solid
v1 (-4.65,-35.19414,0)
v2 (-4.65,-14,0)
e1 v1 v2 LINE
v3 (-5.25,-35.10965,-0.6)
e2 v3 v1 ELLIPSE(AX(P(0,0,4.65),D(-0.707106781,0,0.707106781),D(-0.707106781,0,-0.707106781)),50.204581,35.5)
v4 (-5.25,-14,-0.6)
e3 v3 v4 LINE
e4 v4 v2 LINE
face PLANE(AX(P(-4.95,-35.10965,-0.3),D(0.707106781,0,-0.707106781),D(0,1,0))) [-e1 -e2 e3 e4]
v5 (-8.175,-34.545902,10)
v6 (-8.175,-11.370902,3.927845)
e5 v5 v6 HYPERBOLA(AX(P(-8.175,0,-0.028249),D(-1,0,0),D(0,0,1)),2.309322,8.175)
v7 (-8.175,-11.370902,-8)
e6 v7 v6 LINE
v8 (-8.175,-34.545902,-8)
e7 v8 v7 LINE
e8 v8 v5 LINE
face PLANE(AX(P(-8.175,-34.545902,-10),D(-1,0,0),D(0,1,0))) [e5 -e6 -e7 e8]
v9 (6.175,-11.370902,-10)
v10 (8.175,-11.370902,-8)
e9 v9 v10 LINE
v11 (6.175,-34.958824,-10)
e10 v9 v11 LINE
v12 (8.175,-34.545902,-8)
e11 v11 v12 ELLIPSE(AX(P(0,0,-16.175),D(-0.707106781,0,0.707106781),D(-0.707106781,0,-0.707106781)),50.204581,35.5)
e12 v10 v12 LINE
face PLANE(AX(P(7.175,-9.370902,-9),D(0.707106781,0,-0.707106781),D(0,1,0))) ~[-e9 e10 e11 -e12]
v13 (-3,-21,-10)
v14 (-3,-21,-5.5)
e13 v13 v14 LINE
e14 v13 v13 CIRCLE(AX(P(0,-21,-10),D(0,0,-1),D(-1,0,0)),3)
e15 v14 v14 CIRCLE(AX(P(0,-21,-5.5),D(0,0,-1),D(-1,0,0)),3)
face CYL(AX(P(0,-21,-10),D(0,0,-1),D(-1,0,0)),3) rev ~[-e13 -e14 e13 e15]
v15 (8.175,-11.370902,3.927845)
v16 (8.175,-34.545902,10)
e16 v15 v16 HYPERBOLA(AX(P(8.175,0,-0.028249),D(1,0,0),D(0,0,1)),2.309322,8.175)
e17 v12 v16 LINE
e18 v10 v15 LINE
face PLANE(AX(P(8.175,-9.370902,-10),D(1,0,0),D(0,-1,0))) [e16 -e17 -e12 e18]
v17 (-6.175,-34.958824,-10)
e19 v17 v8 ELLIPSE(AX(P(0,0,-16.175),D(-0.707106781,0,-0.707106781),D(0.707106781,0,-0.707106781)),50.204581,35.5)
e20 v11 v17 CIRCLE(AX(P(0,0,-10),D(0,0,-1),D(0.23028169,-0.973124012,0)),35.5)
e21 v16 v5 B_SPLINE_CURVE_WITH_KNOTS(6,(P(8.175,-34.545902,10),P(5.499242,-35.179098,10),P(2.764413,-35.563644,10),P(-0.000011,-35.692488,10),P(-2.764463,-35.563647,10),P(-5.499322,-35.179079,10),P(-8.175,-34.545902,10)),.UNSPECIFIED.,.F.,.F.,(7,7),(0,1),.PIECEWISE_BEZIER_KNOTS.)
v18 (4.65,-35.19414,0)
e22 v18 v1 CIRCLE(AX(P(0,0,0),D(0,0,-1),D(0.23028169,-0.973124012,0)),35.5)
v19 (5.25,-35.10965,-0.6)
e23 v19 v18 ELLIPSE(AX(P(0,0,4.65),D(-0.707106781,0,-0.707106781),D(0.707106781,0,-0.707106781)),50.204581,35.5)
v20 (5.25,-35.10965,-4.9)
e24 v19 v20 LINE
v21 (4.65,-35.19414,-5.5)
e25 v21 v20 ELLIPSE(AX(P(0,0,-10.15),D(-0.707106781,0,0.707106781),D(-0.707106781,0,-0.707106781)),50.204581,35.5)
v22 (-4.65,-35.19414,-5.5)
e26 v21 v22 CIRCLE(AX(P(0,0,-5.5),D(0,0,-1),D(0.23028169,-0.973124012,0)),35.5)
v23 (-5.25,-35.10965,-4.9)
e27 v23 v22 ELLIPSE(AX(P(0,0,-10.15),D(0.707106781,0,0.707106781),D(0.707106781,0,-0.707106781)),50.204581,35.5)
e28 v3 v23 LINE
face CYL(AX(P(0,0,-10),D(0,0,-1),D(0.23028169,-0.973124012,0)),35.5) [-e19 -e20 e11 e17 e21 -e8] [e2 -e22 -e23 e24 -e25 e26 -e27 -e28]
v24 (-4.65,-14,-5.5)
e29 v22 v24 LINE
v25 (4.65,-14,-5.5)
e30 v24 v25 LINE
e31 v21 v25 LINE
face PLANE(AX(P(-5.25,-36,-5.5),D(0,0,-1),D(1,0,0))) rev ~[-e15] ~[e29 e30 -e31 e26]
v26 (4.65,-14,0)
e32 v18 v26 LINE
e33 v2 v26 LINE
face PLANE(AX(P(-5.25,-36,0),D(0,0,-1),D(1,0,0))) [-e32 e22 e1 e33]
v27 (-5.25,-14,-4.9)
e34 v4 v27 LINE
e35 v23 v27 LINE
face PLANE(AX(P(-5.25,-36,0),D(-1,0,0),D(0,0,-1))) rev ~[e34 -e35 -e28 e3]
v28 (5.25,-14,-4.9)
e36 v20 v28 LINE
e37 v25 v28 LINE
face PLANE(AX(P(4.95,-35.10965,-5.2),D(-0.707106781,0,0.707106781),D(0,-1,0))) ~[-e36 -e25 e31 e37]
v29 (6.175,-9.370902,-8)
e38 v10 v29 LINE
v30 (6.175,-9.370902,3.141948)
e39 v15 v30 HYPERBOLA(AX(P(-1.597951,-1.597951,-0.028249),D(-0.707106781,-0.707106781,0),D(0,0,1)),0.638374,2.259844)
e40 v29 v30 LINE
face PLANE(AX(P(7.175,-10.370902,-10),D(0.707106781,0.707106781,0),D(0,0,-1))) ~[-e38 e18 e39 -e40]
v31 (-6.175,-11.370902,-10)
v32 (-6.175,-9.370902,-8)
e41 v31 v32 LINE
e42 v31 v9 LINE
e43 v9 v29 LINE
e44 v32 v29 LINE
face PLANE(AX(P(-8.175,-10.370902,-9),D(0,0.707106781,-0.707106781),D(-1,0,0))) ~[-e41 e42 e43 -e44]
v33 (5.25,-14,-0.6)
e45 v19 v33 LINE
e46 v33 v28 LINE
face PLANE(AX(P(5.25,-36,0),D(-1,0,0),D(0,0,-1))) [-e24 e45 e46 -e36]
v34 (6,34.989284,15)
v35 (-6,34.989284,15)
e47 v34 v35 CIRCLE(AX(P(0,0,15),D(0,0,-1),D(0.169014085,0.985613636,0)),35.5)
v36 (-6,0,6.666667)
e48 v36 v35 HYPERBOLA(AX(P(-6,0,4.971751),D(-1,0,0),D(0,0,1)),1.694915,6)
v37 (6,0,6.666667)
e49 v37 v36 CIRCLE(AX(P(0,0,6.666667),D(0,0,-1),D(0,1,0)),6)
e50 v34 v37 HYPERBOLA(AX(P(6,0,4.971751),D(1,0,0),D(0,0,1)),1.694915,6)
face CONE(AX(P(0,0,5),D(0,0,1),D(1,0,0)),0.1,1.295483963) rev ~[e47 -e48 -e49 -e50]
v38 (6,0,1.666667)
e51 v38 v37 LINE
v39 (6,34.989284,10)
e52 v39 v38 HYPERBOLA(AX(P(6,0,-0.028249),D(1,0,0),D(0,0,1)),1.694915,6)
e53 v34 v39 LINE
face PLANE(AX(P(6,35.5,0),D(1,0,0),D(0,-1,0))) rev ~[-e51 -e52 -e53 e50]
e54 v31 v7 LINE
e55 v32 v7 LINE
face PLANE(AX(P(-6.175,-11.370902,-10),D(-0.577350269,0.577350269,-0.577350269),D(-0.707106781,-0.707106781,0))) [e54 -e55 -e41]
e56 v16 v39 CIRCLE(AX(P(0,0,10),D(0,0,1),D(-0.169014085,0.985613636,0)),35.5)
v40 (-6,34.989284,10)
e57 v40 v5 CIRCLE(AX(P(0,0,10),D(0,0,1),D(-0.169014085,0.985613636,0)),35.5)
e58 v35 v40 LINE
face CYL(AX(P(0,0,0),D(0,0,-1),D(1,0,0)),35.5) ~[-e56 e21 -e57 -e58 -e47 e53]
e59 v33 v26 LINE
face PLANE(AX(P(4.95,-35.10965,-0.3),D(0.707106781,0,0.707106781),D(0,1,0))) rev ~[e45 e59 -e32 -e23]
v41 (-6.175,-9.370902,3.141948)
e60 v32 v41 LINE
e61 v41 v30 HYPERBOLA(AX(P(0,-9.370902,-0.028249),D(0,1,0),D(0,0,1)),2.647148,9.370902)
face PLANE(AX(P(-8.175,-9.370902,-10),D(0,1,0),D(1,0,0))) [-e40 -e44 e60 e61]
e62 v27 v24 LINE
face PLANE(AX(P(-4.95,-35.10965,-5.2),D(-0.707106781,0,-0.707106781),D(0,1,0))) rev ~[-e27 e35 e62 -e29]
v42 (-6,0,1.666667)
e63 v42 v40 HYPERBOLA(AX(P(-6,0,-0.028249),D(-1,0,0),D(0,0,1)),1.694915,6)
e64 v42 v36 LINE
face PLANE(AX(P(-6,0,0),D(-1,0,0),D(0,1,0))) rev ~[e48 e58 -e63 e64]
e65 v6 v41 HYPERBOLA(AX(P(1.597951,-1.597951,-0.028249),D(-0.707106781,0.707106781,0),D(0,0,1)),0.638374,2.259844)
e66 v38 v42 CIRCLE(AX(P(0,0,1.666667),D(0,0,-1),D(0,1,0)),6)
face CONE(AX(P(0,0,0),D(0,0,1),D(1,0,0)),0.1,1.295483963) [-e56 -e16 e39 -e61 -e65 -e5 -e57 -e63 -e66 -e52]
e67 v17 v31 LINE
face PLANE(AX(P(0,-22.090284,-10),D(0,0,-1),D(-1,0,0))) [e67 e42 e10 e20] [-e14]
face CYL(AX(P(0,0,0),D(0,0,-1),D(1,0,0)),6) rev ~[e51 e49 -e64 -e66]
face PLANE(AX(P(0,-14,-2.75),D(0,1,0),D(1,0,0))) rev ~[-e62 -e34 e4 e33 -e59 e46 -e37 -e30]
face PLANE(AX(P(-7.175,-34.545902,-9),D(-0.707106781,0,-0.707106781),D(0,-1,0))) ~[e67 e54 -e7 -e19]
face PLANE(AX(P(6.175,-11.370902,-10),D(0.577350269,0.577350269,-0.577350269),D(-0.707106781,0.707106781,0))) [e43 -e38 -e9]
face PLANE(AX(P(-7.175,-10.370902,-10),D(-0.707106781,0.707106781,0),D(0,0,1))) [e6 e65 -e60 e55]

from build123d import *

# Parameters (mm, degrees)
SKETCH1_R           = 35.5
BOSS_EXTRUDE1_DEPTH = 15
CUT_EXTRUDE2_REACH  = 54.398
BOSS_EXTRUDE2_REACH = 64.398
BOSS_EXTRUDE2_START = -10
CUT_EXTRUDE3_START  = -36
SKETCH5_W           = 10.5
SKETCH5_H           = 5.5
CUT_EXTRUDE3_DEPTH  = 22
CHAMFER1_SIZE       = 0.6
CHAMFER2_SIZE       = 2
CUT_EXTRUDE4_REACH  = 58.085
SKETCH6_R           = 3


with BuildPart() as part:
    # Sketch1 → Boss-Extrude1 (new body)
    with BuildSketch(Plane.XY):
        Circle(SKETCH1_R)
    extrude(amount=BOSS_EXTRUDE1_DEPTH)

    # Sketch2 → Cut-Revolve3 (revolve, cut)
    with BuildSketch(Plane(origin=(0, 0, 0), x_dir=(1, 0, 0), z_dir=(0, 1, 0)), mode=Mode.PRIVATE) as cut_revolve3_sk:
        Polygon((-35.5, 0), (-0.1, 0), (-35.5, -10), align=None)
        Polygon((-0.1, -15), (-0.1, -5), (-35.5, -15), align=None)
    revolve(cut_revolve3_sk.sketch.rotate(Axis((0, 0, 0), (0, 0, 1)), 180), axis=Axis((0, 0, 0), (0, 0, 1)), mode=Mode.SUBTRACT)

    # Sketch3 → Cut-Extrude2 (cut, up to next)
    with BuildSketch(Plane.XY, mode=Mode.PRIVATE) as cut_extrude2_sk1:
        with BuildLine():
            Line((6, 35.5), (6, 0))
            ThreePointArc((6, 0), (0, -6), (-6, 0))
            Line((-6, 0), (-6, 35.5))
            ThreePointArc((-6, 35.5), (0, 41.5), (6, 35.5))
        make_face()
    cut_extrude2_tool1 = extrude(cut_extrude2_sk1.sketch, amount=CUT_EXTRUDE2_REACH, mode=Mode.PRIVATE) & part.part
    add(cut_extrude2_tool1.solids().sort_by_distance((0, 17.75, 0))[0], mode=Mode.SUBTRACT)

    # Boss-Extrude2: up to this cone (the profile starts outside it)
    boss_extrude2_end = Plane(origin=(0, 0, -10), z_dir=(0, 0, 1)).offset(9.971752412) * Cone(3.54e-06, 194.43892, 54.926247588, align=(Align.CENTER, Align.CENTER, Align.MIN), mode=Mode.PRIVATE)
    # Sketch4 → Boss-Extrude2 (add, up to the surface)
    with BuildSketch(Plane.XY.offset(BOSS_EXTRUDE2_START), mode=Mode.PRIVATE) as boss_extrude2_sk1:
        with BuildLine():
            Line((-8.175, -9.370902434), (8.175, -9.370902434))
            Line((8.175, -9.370902434), (8.175, -34.545902434))
            ThreePointArc((8.175, -34.545902434), (0, -35.5), (-8.175, -34.545902434))
            Line((-8.175, -34.545902434), (-8.175, -9.370902434))
        make_face()
    boss_extrude2_tool1 = extrude(boss_extrude2_sk1.sketch, amount=BOSS_EXTRUDE2_REACH, mode=Mode.PRIVATE) - boss_extrude2_end
    add(boss_extrude2_tool1.solids().sort_by_distance((0, -22.278861, -10))[0])

    # Sketch5 → Cut-Extrude3 (cut)
    with BuildSketch(Plane(origin=(0, 0, 0), x_dir=(1, 0, 0), z_dir=(0, 1, 0)).offset(CUT_EXTRUDE3_START)):
        with Locations((0, 2.75)):
            Rectangle(SKETCH5_W, SKETCH5_H)
    extrude(amount=CUT_EXTRUDE3_DEPTH, mode=Mode.SUBTRACT)

    # Chamfer1
    chamfer1_edges = [part.edges().sort_by_distance(p)[0] for p in [
        (-5.25, -24.554824835, -5.5),
        (-5.25, -24.554824835, 0),
        (5.25, -24.554824835, 0),
        (5.25, -24.554824835, -5.5),
    ]]
    chamfer(chamfer1_edges, length=CHAMFER1_SIZE)

    # Chamfer2
    chamfer2_edges = [part.edges().sort_by_distance(p)[0] for p in [
        (8.175, -9.370902434, -3.257681969),
        (-8.175, -9.370902434, -3.257681969),
        (8.175, -21.958402434, -10),
        (0, -9.370902434, -10),
        (-8.175, -21.958402434, -10),
    ]]
    chamfer(chamfer2_edges, length=CHAMFER2_SIZE)

    # Sketch6 → Cut-Extrude4 (cut, up to next)
    with BuildSketch(Plane(origin=(0, 0, -10), x_dir=(-1, 0, 0), z_dir=(0, 0, -1)), mode=Mode.PRIVATE) as cut_extrude4_sk1:
        with Locations((0, -21)):
            Circle(SKETCH6_R)
    cut_extrude4_tool1 = extrude(cut_extrude4_sk1.sketch, amount=-CUT_EXTRUDE4_REACH, mode=Mode.PRIVATE) & part.part
    add(cut_extrude4_tool1.solids().sort_by_distance((0, -21, -10))[0], mode=Mode.SUBTRACT)


solid = part.part
